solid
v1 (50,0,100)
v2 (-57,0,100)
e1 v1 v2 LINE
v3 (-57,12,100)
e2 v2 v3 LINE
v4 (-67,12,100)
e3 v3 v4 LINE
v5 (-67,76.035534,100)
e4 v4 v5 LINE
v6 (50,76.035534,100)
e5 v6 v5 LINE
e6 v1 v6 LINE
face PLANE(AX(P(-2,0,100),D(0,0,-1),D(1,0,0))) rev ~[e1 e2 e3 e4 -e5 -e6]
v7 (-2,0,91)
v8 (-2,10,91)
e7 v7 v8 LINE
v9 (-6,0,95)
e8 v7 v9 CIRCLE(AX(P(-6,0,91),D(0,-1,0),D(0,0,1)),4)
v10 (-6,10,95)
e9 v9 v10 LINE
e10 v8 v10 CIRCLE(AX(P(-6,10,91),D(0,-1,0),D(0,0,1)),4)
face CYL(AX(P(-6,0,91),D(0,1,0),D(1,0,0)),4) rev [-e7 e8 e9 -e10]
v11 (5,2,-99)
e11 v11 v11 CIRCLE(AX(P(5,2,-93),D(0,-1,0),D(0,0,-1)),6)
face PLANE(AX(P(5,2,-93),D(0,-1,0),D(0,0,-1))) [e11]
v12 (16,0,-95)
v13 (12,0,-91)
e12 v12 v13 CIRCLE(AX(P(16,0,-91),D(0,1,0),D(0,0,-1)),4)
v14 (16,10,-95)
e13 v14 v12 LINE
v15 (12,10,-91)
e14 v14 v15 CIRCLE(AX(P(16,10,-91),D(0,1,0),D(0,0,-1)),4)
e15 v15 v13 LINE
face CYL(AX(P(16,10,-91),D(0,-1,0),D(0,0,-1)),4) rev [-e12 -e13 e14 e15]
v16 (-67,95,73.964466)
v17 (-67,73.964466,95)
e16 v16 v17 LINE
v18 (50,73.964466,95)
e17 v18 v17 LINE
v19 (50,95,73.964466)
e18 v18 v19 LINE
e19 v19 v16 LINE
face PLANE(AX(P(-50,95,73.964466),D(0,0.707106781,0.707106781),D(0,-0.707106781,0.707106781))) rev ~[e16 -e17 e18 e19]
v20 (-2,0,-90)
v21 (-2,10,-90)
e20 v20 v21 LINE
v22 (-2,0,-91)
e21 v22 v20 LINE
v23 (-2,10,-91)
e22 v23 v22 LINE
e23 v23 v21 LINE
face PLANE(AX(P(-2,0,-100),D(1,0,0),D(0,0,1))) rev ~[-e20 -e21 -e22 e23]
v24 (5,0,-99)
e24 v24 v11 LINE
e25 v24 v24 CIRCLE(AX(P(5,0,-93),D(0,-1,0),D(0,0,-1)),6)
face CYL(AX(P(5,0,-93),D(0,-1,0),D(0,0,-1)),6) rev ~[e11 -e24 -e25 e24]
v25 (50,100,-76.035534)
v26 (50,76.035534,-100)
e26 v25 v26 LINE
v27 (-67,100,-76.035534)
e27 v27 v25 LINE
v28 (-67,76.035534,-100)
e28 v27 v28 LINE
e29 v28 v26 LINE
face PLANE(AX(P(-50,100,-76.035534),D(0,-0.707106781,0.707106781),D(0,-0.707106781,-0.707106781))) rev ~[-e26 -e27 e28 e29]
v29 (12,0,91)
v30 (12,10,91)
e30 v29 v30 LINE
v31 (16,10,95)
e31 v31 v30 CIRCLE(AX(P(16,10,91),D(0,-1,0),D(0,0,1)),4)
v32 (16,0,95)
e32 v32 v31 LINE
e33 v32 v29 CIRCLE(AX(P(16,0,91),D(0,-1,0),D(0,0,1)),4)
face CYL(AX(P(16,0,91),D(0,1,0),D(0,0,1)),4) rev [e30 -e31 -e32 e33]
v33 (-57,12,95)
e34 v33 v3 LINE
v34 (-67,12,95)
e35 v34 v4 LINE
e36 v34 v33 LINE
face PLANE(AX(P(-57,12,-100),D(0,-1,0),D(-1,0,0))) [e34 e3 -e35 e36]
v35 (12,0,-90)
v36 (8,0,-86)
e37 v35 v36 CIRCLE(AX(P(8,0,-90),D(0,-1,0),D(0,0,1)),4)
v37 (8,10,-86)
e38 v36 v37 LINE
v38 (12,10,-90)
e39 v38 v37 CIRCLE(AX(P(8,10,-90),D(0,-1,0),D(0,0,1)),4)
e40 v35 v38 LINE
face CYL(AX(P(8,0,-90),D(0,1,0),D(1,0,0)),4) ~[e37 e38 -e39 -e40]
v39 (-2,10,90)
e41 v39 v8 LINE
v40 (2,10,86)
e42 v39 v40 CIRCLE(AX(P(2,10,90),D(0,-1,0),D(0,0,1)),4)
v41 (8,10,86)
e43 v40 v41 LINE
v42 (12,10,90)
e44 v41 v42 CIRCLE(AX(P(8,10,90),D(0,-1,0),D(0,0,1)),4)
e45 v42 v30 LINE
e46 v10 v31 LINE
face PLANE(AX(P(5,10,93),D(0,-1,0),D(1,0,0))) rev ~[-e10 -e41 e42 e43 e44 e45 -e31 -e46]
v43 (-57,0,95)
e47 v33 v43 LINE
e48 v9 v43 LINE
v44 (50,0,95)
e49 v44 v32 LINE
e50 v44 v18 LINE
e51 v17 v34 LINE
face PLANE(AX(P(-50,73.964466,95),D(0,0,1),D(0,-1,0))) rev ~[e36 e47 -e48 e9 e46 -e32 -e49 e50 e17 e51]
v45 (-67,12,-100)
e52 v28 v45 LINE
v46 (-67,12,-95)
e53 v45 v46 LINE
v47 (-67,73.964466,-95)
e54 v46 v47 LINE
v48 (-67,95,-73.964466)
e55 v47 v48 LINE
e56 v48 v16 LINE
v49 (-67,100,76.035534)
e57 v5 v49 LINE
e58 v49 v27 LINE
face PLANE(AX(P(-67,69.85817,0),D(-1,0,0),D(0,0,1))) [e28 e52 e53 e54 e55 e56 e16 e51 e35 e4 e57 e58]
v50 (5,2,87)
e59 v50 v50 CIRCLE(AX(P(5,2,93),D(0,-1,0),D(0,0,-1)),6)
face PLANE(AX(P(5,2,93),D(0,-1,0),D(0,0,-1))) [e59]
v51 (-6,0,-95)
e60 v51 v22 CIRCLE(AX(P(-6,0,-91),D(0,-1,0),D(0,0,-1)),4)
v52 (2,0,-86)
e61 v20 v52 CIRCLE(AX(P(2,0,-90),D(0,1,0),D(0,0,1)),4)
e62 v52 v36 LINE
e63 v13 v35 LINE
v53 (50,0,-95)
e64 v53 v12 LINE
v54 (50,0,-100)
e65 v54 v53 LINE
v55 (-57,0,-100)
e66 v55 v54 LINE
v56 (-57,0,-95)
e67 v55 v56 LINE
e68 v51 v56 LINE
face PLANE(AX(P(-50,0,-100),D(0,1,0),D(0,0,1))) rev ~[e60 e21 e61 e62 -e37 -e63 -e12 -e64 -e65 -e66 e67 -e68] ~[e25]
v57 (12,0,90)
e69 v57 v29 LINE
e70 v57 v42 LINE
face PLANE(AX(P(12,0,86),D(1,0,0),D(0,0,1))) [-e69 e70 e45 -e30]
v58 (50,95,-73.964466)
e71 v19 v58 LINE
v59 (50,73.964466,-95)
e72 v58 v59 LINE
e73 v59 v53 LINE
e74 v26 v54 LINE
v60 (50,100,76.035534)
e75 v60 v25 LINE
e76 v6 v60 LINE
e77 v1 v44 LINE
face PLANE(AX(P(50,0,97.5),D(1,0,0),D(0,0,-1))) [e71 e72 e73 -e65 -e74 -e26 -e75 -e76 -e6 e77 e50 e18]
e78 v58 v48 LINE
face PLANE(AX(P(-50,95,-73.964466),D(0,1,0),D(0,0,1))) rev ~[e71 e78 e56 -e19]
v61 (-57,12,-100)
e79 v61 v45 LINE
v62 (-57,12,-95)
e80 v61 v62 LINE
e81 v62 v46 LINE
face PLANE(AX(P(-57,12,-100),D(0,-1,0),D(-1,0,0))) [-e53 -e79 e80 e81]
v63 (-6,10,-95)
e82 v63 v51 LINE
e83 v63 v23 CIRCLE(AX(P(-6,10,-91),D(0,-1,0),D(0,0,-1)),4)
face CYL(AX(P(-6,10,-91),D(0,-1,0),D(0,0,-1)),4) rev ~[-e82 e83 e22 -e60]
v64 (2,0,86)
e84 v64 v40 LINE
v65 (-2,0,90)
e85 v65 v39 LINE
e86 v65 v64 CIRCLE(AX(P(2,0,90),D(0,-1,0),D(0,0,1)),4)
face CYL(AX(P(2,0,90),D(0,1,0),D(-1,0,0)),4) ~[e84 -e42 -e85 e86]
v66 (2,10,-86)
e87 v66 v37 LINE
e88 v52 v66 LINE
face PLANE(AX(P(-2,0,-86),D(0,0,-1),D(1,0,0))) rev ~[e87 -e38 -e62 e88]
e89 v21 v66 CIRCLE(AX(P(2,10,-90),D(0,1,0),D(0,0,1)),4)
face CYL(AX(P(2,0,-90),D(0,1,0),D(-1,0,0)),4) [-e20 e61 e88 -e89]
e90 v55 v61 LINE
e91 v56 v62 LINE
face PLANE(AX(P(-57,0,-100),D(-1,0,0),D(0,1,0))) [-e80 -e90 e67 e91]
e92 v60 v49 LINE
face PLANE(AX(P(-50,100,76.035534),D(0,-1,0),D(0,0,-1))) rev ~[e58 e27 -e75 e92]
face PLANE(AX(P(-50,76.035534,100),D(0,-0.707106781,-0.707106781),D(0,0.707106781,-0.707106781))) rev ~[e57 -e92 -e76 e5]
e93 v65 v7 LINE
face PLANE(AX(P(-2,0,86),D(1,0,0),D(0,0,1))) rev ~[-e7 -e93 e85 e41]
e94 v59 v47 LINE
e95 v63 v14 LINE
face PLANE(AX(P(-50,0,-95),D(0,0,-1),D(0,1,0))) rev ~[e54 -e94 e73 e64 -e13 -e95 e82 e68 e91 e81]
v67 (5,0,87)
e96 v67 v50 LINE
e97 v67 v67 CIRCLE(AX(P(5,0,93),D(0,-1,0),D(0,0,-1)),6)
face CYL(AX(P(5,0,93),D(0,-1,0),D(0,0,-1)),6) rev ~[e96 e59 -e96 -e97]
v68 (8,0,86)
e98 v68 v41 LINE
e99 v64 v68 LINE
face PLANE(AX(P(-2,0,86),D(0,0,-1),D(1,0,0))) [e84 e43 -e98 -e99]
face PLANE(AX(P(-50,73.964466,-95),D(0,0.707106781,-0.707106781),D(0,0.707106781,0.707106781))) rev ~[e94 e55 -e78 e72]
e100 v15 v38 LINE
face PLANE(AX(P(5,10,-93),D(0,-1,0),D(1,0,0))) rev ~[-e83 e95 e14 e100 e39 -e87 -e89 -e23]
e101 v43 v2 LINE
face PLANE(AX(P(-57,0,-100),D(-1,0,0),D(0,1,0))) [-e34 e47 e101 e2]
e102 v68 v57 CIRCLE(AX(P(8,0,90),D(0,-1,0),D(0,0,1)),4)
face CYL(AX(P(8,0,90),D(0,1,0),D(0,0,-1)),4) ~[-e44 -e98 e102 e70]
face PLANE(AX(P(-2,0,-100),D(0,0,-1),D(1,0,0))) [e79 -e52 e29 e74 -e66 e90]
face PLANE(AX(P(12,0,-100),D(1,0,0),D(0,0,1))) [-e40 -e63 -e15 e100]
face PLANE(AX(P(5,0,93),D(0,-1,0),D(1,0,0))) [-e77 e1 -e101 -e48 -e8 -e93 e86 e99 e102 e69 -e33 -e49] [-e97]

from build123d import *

# Parameters (mm, degrees)
SKETCH1_W           = 100
SKETCH1_H           = 5
BOSS_EXTRUDE1_DEPTH = 17
SKETCH6_W           = 10
SKETCH6_H           = 12
CUT_EXTRUDE1_DEPTH  = 234.428789998
SKETCH7_W           = 14
SKETCH7_H           = 14
BOSS_EXTRUDE2_DEPTH = 10
SKETCH8_R           = 6
CUT_EXTRUDE2_DEPTH  = 2
FILLET1_R           = 4
SKETCH9_W           = 14
SKETCH9_H           = 14
BOSS_EXTRUDE3_DEPTH = 10
SKETCH10_R          = 6
CUT_EXTRUDE3_DEPTH  = 2
FILLET2_R           = 4


with BuildPart() as part:
    # Sweep3: sweep along a path in Sketch2
    with BuildLine(Plane(origin=(0, 0, 0), x_dir=(0, 0, -1), z_dir=(1, 0, 0))) as sweep3_path:
        Line((-97.5, 0), (-97.5, 75))
        Line((-97.5, 75), (-75, 97.5))
        Line((-75, 97.5), (75, 97.5))
        Line((75, 97.5), (97.5, 75))
        Line((97.5, 75), (97.5, 0))
    # Sketch1 → Sweep3 (sweep)
    with BuildSketch(Plane(origin=(0, 0, 0), x_dir=(1, 0, 0), z_dir=(0, 1, 0))):
        with Locations((0, -97.5)):
            Rectangle(SKETCH1_W, SKETCH1_H)
    sweep(path=sweep3_path.line, transition=Transition.RIGHT)

    # Sketch5 → Boss-Extrude1 (add)
    with BuildSketch(Plane.ZY.offset(50)):
        Polygon((-100, 0), (-95, 0), (-95, 73.964466094), (-73.964466094, 95), (73.964466094, 95), (95, 73.964466094), (95, 0), (100, 0), (100, 76.035533906), (76.035533906, 100), (-76.035533906, 100), (-100, 76.035533906), align=None)
    extrude(amount=BOSS_EXTRUDE1_DEPTH)

    # Sketch6 → Cut-Extrude1 (cut, through all)
    with BuildSketch(Plane(origin=(0, 0, -100), x_dir=(-1, 0, 0), z_dir=(0, 0, -1))):
        with Locations((62, 6)):
            Rectangle(SKETCH6_W, SKETCH6_H)
    extrude(amount=-CUT_EXTRUDE1_DEPTH, mode=Mode.SUBTRACT)

    # Sketch7 → Boss-Extrude2 (add)
    with BuildSketch(Plane.XZ):
        with Locations((5, 93)):
            Rectangle(SKETCH7_W, SKETCH7_H)
    extrude(amount=-BOSS_EXTRUDE2_DEPTH)

    # Sketch8 → Cut-Extrude2 (cut)
    with BuildSketch(Plane.XZ):
        with Locations(Location((5, 93, 0), (0, 0, 270))):
            Circle(SKETCH8_R)
    extrude(amount=-CUT_EXTRUDE2_DEPTH, mode=Mode.SUBTRACT)

    # Fillet1
    fillet1_edges = [part.edges().sort_by_distance(p)[0] for p in [
        (12, 5, 95),
        (-2, 5, 95),
        (-2, 5, 86),
        (12, 5, 86),
    ]]
    fillet(fillet1_edges, radius=FILLET1_R)

    # Sketch9 → Boss-Extrude3 (add)
    with BuildSketch(Plane.XZ):
        with Locations((5, -93)):
            Rectangle(SKETCH9_W, SKETCH9_H)
    extrude(amount=-BOSS_EXTRUDE3_DEPTH)

    # Sketch10 → Cut-Extrude3 (cut)
    with BuildSketch(Plane.XZ):
        with Locations(Location((5, -93, 0), (0, 0, 270))):
            Circle(SKETCH10_R)
    extrude(amount=-CUT_EXTRUDE3_DEPTH, mode=Mode.SUBTRACT)

    # Fillet2
    fillet2_edges = [part.edges().sort_by_distance(p)[0] for p in [
        (12, 5, -86),
        (-2, 5, -95),
        (-2, 5, -86),
        (12, 5, -95),
    ]]
    fillet(fillet2_edges, radius=FILLET2_R)


solid = part.part
